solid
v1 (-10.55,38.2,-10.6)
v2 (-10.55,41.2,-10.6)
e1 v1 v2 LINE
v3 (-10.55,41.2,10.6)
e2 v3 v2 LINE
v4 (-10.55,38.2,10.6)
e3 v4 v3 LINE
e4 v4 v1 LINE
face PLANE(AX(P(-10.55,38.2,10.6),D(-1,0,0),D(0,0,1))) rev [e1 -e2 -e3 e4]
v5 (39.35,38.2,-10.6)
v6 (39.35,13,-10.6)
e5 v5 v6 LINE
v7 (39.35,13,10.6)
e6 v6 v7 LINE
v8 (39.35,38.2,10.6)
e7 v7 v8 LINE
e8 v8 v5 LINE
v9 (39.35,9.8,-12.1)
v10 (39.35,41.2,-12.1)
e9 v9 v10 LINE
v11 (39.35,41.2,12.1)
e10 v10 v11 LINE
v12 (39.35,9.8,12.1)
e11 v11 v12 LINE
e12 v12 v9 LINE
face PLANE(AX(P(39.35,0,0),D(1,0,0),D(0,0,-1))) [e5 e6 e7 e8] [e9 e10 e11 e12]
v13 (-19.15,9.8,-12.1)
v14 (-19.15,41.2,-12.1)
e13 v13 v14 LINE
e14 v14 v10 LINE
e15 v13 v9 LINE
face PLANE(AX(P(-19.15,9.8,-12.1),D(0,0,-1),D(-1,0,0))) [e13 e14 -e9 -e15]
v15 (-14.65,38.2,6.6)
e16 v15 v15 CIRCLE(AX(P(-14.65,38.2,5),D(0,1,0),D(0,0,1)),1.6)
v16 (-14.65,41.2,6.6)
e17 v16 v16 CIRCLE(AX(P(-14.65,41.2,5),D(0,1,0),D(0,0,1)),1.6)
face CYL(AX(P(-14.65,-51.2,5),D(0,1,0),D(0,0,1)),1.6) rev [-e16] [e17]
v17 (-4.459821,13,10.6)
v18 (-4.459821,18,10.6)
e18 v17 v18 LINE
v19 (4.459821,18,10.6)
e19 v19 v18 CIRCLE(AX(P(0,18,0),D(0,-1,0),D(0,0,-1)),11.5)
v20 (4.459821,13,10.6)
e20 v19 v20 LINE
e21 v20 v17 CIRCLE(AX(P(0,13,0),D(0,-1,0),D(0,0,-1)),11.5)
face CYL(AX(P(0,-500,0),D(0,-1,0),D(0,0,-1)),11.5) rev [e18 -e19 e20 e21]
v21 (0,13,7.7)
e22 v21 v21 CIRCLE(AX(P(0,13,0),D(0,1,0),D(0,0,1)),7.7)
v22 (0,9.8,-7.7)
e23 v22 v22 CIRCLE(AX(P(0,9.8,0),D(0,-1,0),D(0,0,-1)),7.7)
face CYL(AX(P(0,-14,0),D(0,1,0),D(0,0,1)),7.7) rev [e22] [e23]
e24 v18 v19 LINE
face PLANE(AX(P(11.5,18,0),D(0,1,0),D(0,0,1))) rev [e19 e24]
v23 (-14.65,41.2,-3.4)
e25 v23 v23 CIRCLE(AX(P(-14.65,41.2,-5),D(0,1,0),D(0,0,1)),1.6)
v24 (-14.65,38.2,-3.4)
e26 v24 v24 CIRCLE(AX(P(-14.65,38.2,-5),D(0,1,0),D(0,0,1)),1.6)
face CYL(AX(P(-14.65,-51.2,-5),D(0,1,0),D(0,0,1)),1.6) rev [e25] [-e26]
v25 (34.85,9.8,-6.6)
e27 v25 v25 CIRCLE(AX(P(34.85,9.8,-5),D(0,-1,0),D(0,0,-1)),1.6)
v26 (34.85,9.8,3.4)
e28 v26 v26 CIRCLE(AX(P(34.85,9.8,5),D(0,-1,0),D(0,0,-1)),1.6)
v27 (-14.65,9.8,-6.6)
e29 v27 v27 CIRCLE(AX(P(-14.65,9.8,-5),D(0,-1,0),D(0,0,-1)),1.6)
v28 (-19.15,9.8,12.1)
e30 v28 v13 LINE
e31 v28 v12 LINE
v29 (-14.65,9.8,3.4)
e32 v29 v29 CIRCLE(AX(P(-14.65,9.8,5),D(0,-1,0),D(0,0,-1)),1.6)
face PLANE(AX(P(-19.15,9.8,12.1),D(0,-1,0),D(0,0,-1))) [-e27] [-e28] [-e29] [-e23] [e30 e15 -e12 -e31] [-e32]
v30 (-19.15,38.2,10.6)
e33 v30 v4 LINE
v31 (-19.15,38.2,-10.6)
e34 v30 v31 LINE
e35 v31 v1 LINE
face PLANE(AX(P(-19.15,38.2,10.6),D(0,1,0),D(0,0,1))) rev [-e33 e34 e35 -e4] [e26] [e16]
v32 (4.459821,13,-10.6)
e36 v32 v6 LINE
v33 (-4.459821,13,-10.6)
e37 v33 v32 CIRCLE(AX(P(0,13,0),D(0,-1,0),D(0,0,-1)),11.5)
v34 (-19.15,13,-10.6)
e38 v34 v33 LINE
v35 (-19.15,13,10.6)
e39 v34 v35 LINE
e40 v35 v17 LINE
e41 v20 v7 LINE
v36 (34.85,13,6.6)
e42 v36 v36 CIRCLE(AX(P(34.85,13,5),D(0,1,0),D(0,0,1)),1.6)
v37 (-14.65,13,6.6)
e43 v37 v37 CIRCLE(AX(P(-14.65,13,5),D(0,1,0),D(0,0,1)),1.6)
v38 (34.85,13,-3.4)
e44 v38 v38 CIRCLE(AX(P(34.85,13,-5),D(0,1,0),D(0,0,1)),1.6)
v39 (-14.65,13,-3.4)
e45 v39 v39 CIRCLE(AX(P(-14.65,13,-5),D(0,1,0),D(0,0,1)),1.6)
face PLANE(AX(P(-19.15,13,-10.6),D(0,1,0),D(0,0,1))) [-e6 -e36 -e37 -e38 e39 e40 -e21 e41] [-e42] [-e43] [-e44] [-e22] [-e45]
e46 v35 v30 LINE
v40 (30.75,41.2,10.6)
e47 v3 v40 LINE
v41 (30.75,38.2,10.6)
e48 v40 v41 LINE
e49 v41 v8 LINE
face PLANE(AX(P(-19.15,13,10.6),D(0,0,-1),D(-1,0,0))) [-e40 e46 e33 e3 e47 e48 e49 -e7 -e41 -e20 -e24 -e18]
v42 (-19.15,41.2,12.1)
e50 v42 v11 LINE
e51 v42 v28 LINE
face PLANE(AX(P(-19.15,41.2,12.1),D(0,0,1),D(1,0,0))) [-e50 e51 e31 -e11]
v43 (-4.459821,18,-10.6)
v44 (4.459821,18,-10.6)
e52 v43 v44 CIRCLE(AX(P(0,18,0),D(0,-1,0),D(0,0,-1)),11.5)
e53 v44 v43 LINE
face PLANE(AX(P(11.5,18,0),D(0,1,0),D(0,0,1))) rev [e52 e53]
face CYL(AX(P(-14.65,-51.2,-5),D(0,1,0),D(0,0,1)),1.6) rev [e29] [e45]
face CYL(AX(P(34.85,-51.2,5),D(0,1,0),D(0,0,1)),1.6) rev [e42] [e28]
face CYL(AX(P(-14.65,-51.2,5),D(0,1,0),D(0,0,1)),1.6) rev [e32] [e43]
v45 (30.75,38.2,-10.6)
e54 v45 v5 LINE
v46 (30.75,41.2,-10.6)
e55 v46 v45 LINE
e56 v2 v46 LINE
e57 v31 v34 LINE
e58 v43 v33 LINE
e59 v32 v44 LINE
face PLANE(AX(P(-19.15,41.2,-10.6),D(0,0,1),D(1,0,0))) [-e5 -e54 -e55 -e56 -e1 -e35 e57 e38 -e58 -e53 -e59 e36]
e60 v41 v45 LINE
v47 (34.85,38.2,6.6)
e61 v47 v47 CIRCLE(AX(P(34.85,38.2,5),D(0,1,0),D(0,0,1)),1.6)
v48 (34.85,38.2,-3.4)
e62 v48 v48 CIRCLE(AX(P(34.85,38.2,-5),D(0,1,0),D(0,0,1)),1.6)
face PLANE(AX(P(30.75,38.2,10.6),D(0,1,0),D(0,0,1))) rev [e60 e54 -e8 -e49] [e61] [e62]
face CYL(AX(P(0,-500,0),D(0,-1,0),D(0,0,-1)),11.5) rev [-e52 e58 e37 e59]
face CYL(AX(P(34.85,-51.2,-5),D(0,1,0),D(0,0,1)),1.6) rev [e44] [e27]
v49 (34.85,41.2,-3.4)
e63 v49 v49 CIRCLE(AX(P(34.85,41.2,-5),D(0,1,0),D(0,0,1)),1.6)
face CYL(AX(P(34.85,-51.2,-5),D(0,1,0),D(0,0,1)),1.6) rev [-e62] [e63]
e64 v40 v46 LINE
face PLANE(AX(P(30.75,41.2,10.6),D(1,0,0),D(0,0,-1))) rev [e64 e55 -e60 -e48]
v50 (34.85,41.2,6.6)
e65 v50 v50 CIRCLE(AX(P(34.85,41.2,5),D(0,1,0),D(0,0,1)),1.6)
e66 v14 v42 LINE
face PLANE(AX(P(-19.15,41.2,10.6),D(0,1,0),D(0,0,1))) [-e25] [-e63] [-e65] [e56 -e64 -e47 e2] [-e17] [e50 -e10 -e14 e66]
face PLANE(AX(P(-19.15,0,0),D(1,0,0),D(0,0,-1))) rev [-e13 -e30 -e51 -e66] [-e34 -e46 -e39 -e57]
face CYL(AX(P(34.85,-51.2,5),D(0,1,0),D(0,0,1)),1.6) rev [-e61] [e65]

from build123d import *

# Parameters (mm, degrees)
CHANNEL_DEPTH             = 39.35
CHANNEL_DEPTH_BACK        = 19.15
FLANGES_SKETCH_W          = 8.6
FLANGES_SKETCH_H          = 3
FLANGES_DEPTH             = 10.6
SERVO_HOLES_SKETCH_R      = 1.6
SERVO_HOLES_DEPTH         = 51.2
PANEL_HOLE_SKETCH_R       = 7.7
PANEL_HOLE_DEPTH          = 14
PANEL_NUT_RELIEF_SKETCH_W = 11.5
PANEL_NUT_RELIEF_SKETCH_H = 5


with BuildPart() as part:
    # Channel Sketch → Channel (new, two sides: drawn at the far end of the back side and taken through both)
    with BuildSketch(Plane(origin=(0, 0, 0), x_dir=(0, 0, -1), z_dir=(1, 0, 0)).offset(-CHANNEL_DEPTH_BACK)):
        Polygon((-12.1, 9.8), (12.1, 9.8), (12.1, 41.2), (10.6, 41.2), (10.6, 13), (-10.6, 13), (-10.6, 41.2), (-12.1, 41.2), align=None)
    extrude(amount=CHANNEL_DEPTH + CHANNEL_DEPTH_BACK)

    # Flanges Sketch → Flanges (add, symmetric)
    with BuildSketch(Plane.XY):
        with Locations((-14.85, 39.7)):
            Rectangle(FLANGES_SKETCH_W, FLANGES_SKETCH_H)
        with Locations((35.05, 39.7)):
            Rectangle(FLANGES_SKETCH_W, FLANGES_SKETCH_H)
    extrude(amount=FLANGES_DEPTH, both=True)

    # Servo Holes Sketch → Servo Holes (cut, symmetric)
    with BuildSketch(Plane(origin=(0, 0, 0), x_dir=(1, 0, 0), z_dir=(0, 1, 0))):
        with Locations((-14.65, -5)):
            Circle(SERVO_HOLES_SKETCH_R)
        with Locations((-14.65, 5)):
            Circle(SERVO_HOLES_SKETCH_R)
        with Locations((34.85, -5)):
            Circle(SERVO_HOLES_SKETCH_R)
        with Locations((34.85, 5)):
            Circle(SERVO_HOLES_SKETCH_R)
    extrude(amount=SERVO_HOLES_DEPTH, both=True, mode=Mode.SUBTRACT)

    # Panel Hole Sketch → Panel Hole (cut, symmetric)
    with BuildSketch(Plane(origin=(0, 0, 0), x_dir=(1, 0, 0), z_dir=(0, 1, 0))):
        Circle(PANEL_HOLE_SKETCH_R)
    extrude(amount=PANEL_HOLE_DEPTH, both=True, mode=Mode.SUBTRACT)

    # Panel Nut Relief Sketch → Panel Nut Relief (revolve, cut)
    with BuildSketch(Plane.XY):
        with Locations((5.75, 15.5)):
            Rectangle(PANEL_NUT_RELIEF_SKETCH_W, PANEL_NUT_RELIEF_SKETCH_H)
    revolve(axis=Axis((0, -500, 0), (0, 1, 0)), mode=Mode.SUBTRACT)


solid = part.part
